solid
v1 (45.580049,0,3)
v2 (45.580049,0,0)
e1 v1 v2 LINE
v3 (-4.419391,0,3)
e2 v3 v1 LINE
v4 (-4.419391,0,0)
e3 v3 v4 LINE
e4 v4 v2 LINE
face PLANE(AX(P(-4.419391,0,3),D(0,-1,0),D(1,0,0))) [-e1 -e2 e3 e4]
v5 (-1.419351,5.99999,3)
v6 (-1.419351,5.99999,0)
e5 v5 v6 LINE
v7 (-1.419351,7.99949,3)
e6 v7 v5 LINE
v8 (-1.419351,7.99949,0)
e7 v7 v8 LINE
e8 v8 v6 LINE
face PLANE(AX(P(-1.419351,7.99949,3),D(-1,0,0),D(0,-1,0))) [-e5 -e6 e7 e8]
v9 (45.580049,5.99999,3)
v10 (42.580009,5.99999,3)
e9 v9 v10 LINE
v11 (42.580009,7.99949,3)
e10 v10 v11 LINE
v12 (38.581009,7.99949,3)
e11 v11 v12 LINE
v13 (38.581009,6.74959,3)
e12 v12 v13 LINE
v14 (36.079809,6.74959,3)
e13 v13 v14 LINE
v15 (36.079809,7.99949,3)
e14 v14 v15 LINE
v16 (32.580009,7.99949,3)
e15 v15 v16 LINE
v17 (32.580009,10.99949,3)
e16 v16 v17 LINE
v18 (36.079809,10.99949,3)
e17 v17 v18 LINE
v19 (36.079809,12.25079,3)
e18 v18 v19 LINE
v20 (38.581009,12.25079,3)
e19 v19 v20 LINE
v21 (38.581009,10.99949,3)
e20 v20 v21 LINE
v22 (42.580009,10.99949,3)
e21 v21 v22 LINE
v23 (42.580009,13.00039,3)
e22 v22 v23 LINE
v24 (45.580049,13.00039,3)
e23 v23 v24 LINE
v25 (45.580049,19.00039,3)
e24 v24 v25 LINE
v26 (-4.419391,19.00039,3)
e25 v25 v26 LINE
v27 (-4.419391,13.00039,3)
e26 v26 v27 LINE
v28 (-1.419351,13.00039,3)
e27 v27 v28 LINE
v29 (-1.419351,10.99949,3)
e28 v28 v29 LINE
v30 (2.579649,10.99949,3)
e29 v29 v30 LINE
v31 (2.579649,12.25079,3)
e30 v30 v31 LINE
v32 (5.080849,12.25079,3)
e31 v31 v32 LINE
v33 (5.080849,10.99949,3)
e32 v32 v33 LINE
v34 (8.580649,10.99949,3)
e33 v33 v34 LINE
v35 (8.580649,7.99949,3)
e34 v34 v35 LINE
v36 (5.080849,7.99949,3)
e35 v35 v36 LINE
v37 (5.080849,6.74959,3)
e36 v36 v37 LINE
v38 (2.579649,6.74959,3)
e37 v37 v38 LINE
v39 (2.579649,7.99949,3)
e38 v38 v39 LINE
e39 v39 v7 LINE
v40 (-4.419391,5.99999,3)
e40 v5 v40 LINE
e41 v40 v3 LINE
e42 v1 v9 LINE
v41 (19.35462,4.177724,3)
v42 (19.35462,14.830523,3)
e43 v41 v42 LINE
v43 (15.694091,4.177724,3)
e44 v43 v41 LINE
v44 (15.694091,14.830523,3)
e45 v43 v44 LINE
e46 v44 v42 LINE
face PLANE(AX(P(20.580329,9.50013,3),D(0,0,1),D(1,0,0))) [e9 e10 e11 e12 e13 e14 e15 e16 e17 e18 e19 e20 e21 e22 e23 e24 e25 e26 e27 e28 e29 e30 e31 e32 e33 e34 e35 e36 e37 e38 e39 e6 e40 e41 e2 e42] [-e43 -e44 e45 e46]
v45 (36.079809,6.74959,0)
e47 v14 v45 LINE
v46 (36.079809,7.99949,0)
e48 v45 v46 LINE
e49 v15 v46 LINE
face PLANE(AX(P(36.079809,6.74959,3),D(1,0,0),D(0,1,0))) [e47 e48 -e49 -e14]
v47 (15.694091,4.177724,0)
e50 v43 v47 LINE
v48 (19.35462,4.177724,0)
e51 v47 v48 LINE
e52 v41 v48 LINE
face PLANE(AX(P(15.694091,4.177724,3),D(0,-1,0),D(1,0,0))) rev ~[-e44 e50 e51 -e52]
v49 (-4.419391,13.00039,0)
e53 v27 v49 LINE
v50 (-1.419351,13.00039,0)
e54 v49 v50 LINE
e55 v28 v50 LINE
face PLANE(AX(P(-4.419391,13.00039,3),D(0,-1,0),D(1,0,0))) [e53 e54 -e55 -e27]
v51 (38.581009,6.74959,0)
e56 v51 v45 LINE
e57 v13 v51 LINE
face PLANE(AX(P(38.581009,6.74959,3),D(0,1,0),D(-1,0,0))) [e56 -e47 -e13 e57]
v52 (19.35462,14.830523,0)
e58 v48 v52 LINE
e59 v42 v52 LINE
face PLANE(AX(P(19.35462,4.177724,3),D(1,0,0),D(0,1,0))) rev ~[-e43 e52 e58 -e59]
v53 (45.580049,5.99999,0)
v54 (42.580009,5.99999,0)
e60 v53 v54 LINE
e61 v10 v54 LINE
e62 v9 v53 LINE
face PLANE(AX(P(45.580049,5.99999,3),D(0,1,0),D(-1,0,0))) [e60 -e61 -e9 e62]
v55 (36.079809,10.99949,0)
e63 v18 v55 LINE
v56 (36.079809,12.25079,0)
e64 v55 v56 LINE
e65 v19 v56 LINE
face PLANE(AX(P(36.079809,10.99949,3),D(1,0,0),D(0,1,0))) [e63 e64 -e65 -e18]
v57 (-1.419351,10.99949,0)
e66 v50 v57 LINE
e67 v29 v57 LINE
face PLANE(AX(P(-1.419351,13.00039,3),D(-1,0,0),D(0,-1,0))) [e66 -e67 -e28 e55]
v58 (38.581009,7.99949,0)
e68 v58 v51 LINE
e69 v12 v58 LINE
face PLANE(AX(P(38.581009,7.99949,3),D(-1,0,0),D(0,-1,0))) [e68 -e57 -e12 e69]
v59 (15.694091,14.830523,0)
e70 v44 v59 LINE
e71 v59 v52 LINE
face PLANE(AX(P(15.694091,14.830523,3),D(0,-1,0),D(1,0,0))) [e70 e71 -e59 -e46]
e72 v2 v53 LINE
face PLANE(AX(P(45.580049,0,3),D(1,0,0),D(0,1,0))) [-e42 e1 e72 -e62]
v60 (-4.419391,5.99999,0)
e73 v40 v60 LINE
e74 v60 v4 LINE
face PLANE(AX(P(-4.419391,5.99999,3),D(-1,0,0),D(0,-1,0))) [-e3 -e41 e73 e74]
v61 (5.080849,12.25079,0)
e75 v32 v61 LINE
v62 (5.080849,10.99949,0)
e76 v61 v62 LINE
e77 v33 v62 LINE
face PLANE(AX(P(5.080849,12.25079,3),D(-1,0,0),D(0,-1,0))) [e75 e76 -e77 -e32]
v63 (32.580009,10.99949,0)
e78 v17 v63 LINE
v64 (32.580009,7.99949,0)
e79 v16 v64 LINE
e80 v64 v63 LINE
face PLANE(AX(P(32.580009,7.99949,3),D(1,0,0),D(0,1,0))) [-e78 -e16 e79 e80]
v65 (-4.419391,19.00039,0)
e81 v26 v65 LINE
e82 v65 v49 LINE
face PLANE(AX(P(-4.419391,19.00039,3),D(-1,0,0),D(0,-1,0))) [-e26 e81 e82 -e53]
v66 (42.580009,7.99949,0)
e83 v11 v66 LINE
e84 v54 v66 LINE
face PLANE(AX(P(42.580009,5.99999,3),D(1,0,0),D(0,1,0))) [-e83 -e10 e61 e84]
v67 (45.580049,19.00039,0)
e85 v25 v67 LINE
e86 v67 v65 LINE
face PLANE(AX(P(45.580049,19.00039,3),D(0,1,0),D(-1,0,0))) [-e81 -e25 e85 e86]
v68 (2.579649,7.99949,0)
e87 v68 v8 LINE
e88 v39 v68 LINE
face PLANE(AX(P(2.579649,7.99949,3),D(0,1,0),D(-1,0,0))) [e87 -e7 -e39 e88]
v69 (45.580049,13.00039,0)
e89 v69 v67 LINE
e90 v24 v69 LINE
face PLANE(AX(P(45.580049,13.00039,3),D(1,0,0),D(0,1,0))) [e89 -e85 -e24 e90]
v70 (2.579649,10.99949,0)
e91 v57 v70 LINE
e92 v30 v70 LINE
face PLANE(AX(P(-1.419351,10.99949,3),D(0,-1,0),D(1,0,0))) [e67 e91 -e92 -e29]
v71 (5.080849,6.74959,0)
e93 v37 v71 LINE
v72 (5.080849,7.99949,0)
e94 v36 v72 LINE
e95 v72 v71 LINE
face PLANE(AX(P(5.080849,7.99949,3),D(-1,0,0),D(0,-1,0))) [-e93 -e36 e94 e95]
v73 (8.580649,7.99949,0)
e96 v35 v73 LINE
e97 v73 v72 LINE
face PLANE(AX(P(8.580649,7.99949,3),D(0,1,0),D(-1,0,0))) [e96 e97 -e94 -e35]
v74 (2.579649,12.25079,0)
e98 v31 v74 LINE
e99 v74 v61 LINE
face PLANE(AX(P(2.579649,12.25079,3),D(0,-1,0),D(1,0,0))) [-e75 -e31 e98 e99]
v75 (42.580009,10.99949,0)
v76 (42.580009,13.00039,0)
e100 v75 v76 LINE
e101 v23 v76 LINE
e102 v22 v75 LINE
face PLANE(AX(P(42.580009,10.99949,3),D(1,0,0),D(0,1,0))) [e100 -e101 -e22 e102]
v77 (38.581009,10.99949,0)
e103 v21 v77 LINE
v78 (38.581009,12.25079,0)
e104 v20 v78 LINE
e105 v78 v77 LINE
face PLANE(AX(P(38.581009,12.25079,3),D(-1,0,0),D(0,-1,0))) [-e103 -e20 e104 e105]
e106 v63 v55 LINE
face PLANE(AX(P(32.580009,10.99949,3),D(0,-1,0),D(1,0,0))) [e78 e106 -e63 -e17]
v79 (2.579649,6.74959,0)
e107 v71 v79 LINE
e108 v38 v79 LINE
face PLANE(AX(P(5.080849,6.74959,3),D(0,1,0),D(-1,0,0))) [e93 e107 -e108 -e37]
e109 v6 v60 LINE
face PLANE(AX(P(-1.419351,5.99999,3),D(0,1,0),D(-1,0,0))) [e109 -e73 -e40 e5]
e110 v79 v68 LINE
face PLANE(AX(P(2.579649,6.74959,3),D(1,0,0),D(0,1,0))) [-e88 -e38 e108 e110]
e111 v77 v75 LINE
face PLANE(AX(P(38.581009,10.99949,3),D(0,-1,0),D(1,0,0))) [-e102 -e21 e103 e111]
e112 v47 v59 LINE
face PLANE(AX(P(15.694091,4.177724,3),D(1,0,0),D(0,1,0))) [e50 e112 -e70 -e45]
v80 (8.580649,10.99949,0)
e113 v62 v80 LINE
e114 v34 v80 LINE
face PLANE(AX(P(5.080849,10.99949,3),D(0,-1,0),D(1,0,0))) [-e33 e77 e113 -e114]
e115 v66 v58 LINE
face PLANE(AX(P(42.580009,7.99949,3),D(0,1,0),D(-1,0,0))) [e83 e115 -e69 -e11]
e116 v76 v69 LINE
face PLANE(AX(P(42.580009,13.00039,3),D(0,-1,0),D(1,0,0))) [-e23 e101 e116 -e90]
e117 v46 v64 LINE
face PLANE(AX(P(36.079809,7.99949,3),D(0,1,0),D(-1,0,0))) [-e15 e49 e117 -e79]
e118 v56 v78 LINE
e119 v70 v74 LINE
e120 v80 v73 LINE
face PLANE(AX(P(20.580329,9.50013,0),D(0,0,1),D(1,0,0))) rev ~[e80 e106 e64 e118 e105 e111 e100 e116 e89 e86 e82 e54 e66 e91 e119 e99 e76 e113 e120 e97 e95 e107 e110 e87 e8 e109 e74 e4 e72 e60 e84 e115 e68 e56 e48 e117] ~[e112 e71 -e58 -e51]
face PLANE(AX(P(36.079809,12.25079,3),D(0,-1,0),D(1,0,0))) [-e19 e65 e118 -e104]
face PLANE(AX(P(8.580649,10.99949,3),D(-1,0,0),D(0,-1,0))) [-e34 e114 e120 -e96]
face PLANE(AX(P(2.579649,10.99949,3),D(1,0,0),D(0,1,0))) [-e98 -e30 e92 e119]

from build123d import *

# Parameters (mm, degrees)
SKETCH_1_W      = 3.660528642
SKETCH_1_H      = 10.65279893
EXTRUDE_1_DEPTH = 3


with BuildPart() as part:
    # 草图1 → 凸台-拉伸1 (new body)
    with BuildSketch(Plane.XY.offset(3)):
        Polygon((45.580049157, 0), (45.580049157, 5.99999), (42.580009157, 5.99999), (42.580009157, 7.99949), (38.581009157, 7.99949), (38.581009157, 6.74959), (36.079809157, 6.74959), (36.079809157, 7.99949), (32.580009157, 7.99949), (32.580009157, 10.99949), (36.079809157, 10.99949), (36.079809157, 12.25079), (38.581009157, 12.25079), (38.581009157, 10.99949), (42.580009157, 10.99949), (42.580009157, 13.00039), (45.580049157, 13.00039), (45.580049157, 19.00039), (-4.419390843, 19.00039), (-4.419390843, 13.00039), (-1.419350843, 13.00039), (-1.419350843, 10.99949), (2.579649157, 10.99949), (2.579649157, 12.25079), (5.080849157, 12.25079), (5.080849157, 10.99949), (8.580649157, 10.99949), (8.580649157, 7.99949), (5.080849157, 7.99949), (5.080849157, 6.74959), (2.579649157, 6.74959), (2.579649157, 7.99949), (-1.419350843, 7.99949), (-1.419350843, 5.99999), (-4.419390843, 5.99999), (-4.419390843, 0), align=None)
        with Locations((17.524355382, 9.504123146)):
            Rectangle(SKETCH_1_W, SKETCH_1_H, mode=Mode.SUBTRACT)
    extrude(amount=-EXTRUDE_1_DEPTH)


solid = part.part
